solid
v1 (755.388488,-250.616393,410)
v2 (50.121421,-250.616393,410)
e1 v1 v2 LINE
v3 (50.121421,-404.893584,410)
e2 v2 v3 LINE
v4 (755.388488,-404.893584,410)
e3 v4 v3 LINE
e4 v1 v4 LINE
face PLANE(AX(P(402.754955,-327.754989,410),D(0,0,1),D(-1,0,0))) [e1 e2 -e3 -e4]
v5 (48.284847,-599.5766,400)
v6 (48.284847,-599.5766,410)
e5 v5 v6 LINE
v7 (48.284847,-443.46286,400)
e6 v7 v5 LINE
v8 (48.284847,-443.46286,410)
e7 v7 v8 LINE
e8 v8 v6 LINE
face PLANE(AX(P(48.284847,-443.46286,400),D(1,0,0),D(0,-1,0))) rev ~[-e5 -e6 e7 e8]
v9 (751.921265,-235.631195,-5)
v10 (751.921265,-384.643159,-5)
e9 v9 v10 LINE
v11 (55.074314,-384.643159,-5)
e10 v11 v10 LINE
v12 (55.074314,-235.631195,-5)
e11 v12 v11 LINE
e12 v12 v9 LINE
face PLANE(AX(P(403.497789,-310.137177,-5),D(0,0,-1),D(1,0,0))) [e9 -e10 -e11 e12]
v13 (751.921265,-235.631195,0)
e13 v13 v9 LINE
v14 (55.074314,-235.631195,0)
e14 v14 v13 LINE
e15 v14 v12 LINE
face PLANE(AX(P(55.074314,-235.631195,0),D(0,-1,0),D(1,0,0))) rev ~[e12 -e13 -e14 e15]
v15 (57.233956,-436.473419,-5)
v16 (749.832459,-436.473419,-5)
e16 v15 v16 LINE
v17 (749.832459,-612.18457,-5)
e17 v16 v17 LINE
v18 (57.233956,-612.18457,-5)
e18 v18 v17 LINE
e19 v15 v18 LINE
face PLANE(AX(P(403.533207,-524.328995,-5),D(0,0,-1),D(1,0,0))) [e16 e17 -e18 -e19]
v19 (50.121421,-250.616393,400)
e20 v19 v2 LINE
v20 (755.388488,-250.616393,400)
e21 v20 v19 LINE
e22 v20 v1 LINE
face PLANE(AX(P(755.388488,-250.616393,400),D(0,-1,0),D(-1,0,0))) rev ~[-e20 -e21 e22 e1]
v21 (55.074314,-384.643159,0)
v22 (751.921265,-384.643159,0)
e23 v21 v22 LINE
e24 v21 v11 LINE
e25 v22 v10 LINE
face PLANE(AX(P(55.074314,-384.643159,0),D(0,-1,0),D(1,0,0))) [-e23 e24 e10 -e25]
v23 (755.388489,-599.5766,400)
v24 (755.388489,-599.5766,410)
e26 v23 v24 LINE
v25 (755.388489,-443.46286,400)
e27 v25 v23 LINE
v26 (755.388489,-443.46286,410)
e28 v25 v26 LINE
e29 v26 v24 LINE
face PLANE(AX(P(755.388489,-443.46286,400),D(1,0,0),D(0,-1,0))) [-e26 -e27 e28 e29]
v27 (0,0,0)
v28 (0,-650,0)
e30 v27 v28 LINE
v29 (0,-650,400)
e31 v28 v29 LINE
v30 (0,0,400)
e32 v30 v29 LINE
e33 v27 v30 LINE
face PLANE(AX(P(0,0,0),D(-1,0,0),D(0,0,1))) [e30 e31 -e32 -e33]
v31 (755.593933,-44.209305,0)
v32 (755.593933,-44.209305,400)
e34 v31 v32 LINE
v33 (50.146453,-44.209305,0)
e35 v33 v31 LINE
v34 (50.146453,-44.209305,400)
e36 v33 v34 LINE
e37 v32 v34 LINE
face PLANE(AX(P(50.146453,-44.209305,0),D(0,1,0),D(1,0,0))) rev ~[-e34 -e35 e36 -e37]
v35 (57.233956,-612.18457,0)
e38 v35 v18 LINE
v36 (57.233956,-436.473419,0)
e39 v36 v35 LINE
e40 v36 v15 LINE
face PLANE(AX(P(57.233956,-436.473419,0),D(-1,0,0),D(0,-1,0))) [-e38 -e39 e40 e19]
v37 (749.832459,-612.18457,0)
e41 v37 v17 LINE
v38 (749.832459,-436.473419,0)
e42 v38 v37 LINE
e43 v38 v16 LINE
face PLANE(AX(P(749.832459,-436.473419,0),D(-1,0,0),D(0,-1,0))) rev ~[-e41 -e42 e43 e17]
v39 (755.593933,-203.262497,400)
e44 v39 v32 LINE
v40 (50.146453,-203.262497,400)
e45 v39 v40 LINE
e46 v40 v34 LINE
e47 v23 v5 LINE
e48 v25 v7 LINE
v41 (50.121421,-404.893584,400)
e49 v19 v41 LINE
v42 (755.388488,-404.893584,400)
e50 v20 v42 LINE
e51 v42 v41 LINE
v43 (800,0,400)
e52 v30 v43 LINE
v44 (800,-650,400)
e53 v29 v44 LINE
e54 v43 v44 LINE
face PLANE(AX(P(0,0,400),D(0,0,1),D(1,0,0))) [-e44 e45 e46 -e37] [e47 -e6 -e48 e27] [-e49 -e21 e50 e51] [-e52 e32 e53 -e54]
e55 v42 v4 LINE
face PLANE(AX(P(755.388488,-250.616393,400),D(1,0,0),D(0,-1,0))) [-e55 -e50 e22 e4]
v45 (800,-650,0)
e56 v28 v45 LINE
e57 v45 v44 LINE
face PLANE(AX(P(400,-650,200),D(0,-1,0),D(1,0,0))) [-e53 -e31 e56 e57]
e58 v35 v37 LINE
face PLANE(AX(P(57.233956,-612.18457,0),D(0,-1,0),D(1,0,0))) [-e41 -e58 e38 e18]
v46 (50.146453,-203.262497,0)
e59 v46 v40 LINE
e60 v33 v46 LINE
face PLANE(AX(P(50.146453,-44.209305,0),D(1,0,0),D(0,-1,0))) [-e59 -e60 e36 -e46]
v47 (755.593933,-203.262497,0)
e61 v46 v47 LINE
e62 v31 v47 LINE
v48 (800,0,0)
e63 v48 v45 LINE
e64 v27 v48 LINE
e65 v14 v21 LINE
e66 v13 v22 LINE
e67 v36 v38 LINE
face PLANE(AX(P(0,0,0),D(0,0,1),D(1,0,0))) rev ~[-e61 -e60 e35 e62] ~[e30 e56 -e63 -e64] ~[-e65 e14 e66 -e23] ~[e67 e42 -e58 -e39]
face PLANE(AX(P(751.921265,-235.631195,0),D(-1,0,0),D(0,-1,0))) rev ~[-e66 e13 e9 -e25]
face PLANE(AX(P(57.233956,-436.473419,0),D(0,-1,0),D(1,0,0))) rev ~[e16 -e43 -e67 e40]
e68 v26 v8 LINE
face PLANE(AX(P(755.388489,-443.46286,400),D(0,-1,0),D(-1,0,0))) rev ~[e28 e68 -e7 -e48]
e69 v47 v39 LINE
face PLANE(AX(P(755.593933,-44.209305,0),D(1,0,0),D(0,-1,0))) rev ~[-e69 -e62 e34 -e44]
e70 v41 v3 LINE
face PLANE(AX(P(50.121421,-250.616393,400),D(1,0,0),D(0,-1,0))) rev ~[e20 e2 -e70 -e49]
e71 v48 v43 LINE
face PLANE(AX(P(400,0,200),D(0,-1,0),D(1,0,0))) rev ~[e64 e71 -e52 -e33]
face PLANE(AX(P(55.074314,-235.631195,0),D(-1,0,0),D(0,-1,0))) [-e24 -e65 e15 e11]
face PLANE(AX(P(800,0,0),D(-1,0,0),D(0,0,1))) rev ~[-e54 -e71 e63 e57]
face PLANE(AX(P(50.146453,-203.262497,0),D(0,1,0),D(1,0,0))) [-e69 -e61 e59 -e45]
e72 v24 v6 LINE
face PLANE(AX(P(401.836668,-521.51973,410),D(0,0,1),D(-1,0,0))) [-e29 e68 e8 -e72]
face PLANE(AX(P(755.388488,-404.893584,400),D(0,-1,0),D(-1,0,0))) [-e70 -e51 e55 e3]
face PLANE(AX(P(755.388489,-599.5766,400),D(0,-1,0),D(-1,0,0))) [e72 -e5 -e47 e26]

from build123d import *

# Parameters (mm, degrees)
SKETCH_W      = 800
SKETCH_H      = 400
PAD_DEPTH     = 650
SKETCH001_W   = 705.447479
SKETCH001_H   = 159.053192
POCKET_DEPTH  = 400.001
SKETCH002_W   = 696.846951
SKETCH002_H   = 149.011963
SKETCH002_W_2 = 692.598503
SKETCH002_H_2 = 175.711151
PAD001_DEPTH  = 5
SKETCH003_W   = 705.267067
SKETCH003_H   = 154.277191
SKETCH003_W_2 = 707.103642
SKETCH003_H_2 = 156.113739
PAD002_DEPTH  = 10


with BuildPart() as part:
    # Sketch → Pad (new body)
    with BuildSketch(Plane.XZ):
        with Locations((400, 200)):
            Rectangle(SKETCH_W, SKETCH_H)
    extrude(amount=PAD_DEPTH)

    # Sketch001 (on Face1 of Pad) → Pocket (cut, through all)
    with BuildSketch(Plane(origin=(0, 0, 0), x_dir=(1, 0, 0), z_dir=(0, 0, -1))):
        with Locations((402.870193, 123.735901)):
            Rectangle(SKETCH001_W, SKETCH001_H)
    extrude(amount=-POCKET_DEPTH, mode=Mode.SUBTRACT)

    # Sketch002 (on Face1 of Pocket) → Pad001 (join)
    with BuildSketch(Plane(origin=(0, 0, 0), x_dir=(1, 0, 0), z_dir=(0, 0, -1))):
        with Locations((403.497789, 310.137177)):
            Rectangle(SKETCH002_W, SKETCH002_H)
        with Locations((403.533207, 524.328995)):
            Rectangle(SKETCH002_W_2, SKETCH002_H_2)
    extrude(amount=PAD001_DEPTH)

    # Sketch003 (on Face18 of Pad001) → Pad002 (join)
    with BuildSketch(Plane(origin=(0, 0, 400), x_dir=(-1, 0, 0), z_dir=(0, 0, 1))):
        with Locations((-402.754955, 327.754989)):
            Rectangle(SKETCH003_W, SKETCH003_H)
        with Locations((-401.836668, 521.51973)):
            Rectangle(SKETCH003_W_2, SKETCH003_H_2)
    extrude(amount=PAD002_DEPTH)


solid = part.part
